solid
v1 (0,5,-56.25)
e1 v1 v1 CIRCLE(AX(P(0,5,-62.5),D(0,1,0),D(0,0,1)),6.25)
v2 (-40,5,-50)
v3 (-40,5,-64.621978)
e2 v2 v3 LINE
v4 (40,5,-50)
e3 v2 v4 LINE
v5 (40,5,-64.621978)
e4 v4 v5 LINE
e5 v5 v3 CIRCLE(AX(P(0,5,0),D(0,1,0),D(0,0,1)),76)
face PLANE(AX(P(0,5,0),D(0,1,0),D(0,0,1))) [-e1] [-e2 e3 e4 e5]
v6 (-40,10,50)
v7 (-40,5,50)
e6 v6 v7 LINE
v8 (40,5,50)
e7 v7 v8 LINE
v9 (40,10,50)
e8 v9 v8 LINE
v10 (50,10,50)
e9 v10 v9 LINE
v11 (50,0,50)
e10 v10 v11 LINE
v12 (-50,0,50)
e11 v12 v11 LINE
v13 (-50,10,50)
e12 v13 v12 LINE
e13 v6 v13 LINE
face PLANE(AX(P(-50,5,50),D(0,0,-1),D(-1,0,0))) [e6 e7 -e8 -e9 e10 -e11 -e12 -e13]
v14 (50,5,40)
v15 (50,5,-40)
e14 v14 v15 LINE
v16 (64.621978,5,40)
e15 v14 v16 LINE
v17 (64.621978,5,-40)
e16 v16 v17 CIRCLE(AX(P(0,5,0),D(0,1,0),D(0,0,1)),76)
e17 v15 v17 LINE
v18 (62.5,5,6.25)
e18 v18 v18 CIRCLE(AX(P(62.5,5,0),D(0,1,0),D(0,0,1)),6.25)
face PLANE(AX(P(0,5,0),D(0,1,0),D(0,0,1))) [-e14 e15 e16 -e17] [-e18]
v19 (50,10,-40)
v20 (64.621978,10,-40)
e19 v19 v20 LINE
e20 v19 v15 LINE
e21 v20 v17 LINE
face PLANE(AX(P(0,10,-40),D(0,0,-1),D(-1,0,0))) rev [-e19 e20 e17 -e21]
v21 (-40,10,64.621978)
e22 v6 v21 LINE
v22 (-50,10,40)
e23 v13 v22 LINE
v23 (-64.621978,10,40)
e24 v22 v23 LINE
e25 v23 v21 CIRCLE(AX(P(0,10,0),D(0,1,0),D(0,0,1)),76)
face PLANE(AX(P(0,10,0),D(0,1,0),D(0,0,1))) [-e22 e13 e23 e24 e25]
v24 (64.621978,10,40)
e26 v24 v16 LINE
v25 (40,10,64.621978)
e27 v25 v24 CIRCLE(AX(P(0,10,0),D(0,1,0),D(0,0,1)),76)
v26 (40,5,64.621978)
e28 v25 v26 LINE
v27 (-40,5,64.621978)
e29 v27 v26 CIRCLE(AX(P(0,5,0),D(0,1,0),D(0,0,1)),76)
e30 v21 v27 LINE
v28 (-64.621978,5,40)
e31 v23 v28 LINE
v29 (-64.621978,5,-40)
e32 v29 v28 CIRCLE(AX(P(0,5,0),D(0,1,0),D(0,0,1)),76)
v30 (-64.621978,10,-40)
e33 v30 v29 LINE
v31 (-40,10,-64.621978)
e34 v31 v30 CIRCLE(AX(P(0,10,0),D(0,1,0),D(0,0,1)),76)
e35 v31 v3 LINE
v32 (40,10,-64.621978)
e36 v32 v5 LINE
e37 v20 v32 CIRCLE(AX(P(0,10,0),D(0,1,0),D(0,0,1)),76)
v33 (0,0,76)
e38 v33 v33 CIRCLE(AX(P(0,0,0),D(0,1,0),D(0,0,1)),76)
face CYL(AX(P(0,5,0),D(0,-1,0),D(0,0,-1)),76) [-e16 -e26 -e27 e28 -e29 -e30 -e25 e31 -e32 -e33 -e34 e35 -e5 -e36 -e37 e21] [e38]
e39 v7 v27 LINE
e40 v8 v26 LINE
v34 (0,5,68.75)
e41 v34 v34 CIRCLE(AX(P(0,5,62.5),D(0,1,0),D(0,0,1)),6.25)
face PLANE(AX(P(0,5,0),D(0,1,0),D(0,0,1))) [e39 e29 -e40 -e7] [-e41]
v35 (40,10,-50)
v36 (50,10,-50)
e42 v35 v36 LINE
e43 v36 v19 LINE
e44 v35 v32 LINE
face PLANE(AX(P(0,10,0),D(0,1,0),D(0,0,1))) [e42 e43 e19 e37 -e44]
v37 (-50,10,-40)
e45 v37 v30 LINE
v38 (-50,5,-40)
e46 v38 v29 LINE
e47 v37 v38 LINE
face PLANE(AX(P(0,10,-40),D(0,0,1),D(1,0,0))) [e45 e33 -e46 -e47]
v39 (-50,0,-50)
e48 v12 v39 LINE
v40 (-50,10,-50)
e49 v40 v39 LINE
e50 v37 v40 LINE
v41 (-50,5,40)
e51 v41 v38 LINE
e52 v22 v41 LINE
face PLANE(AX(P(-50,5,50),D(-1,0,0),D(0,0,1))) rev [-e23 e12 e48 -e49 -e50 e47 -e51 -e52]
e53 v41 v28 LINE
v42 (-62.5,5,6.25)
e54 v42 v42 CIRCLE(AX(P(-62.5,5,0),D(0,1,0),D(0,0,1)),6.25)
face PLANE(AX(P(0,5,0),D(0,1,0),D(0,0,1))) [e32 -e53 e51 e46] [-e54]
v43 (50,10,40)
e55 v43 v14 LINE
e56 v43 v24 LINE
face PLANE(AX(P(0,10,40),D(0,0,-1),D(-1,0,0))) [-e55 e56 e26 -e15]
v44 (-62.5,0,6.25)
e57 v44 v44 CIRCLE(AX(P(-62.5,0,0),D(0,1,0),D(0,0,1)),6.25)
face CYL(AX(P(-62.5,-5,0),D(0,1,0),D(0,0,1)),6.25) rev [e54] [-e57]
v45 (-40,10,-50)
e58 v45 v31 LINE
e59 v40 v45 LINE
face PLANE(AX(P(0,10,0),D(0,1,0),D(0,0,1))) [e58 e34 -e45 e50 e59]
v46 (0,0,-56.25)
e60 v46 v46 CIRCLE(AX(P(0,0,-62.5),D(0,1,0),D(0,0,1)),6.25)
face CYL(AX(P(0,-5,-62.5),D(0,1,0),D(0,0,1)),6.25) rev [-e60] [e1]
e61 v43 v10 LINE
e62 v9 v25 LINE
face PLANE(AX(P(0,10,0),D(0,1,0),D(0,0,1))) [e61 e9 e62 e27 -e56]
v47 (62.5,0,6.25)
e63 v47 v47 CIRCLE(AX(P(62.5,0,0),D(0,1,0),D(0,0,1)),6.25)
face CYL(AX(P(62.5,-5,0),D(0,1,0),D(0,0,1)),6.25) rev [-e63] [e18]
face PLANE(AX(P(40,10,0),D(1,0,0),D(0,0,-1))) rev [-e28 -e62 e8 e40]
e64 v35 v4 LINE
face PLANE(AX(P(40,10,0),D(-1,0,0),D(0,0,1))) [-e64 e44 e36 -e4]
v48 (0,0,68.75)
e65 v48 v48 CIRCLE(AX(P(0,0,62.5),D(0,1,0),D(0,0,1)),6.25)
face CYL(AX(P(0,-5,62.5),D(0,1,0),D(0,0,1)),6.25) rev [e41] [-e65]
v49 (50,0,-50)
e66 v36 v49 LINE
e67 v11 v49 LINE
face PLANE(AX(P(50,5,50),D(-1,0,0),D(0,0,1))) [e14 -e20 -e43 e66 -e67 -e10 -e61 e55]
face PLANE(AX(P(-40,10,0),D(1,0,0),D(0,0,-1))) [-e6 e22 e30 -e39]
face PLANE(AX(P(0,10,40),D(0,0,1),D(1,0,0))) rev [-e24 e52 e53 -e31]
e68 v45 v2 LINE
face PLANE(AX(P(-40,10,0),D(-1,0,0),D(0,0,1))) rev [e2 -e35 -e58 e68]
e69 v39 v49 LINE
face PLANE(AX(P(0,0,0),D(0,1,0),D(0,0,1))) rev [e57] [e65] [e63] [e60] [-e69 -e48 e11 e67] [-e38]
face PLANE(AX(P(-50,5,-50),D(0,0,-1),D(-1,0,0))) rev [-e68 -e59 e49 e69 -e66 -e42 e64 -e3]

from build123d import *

# Parameters (mm, degrees)
SKETCH1_R           = 76
SKETCH1_W           = 100
SKETCH1_H           = 100
BOSS_EXTRUDE1_DEPTH = 5
SKETCH2_R           = 6.25
CUT_EXTRUDE1_DEPTH  = 10
BOSS_EXTRUDE2_DEPTH = 5


with BuildPart() as part:
    # Sketch1 → Boss-Extrude1 (new body)
    with BuildSketch(Plane(origin=(0, 0, 0), x_dir=(1, 0, 0), z_dir=(0, 1, 0))):
        with Locations(Location((0, 0, 0), (0, 0, 270))):
            Circle(SKETCH1_R)
        Rectangle(SKETCH1_W, SKETCH1_H, mode=Mode.SUBTRACT)
    extrude(amount=BOSS_EXTRUDE1_DEPTH)

    # Sketch2 → Cut-Extrude1 (cut)
    with BuildSketch(Plane(origin=(0, 5, 0), x_dir=(1, 0, 0), z_dir=(0, 1, 0))):
        with Locations(Location((-62.5, 0, 0), (0, 0, 270))):
            Circle(SKETCH2_R)
        with Locations(Location((0, 62.5, 0), (0, 0, 270))):
            Circle(SKETCH2_R)
        with Locations(Location((62.5, 0, 0), (0, 0, 270))):
            Circle(SKETCH2_R)
        with Locations(Location((0, -62.5, 0), (0, 0, 270))):
            Circle(SKETCH2_R)
    extrude(amount=-CUT_EXTRUDE1_DEPTH, mode=Mode.SUBTRACT)

    # Sketch3 → Boss-Extrude2 (add)
    with BuildSketch(Plane(origin=(0, 5, 0), x_dir=(1, 0, 0), z_dir=(0, 1, 0))):
        with BuildLine():
            Line((50, -50), (40, -50))
            Line((40, -50), (40, -64.621977686))
            ThreePointArc((40, -64.621977686), (53.74011537, -53.74011537), (64.621977686, -40))
            Line((64.621977686, -40), (50, -40))
            Line((50, -40), (50, -50))
        make_face()
        with BuildLine():
            Line((-40, -50), (-50, -50))
            Line((-50, -50), (-50, -40))
            Line((-50, -40), (-64.621977686, -40))
            ThreePointArc((-64.621977686, -40), (-53.74011537, -53.74011537), (-40, -64.621977686))
            Line((-40, -64.621977686), (-40, -50))
        make_face()
        with BuildLine():
            Line((-64.621977686, 40), (-50, 40))
            Line((-50, 40), (-50, 50))
            Line((-50, 50), (-40, 50))
            Line((-40, 50), (-40, 64.621977686))
            ThreePointArc((-40, 64.621977686), (-53.74011537, 53.74011537), (-64.621977686, 40))
        make_face()
        with BuildLine():
            Line((50, 50), (50, 40))
            Line((50, 40), (64.621977686, 40))
            ThreePointArc((64.621977686, 40), (53.74011537, 53.74011537), (40, 64.621977686))
            Line((40, 64.621977686), (40, 50))
            Line((40, 50), (50, 50))
        make_face()
    extrude(amount=BOSS_EXTRUDE2_DEPTH)


solid = part.part
